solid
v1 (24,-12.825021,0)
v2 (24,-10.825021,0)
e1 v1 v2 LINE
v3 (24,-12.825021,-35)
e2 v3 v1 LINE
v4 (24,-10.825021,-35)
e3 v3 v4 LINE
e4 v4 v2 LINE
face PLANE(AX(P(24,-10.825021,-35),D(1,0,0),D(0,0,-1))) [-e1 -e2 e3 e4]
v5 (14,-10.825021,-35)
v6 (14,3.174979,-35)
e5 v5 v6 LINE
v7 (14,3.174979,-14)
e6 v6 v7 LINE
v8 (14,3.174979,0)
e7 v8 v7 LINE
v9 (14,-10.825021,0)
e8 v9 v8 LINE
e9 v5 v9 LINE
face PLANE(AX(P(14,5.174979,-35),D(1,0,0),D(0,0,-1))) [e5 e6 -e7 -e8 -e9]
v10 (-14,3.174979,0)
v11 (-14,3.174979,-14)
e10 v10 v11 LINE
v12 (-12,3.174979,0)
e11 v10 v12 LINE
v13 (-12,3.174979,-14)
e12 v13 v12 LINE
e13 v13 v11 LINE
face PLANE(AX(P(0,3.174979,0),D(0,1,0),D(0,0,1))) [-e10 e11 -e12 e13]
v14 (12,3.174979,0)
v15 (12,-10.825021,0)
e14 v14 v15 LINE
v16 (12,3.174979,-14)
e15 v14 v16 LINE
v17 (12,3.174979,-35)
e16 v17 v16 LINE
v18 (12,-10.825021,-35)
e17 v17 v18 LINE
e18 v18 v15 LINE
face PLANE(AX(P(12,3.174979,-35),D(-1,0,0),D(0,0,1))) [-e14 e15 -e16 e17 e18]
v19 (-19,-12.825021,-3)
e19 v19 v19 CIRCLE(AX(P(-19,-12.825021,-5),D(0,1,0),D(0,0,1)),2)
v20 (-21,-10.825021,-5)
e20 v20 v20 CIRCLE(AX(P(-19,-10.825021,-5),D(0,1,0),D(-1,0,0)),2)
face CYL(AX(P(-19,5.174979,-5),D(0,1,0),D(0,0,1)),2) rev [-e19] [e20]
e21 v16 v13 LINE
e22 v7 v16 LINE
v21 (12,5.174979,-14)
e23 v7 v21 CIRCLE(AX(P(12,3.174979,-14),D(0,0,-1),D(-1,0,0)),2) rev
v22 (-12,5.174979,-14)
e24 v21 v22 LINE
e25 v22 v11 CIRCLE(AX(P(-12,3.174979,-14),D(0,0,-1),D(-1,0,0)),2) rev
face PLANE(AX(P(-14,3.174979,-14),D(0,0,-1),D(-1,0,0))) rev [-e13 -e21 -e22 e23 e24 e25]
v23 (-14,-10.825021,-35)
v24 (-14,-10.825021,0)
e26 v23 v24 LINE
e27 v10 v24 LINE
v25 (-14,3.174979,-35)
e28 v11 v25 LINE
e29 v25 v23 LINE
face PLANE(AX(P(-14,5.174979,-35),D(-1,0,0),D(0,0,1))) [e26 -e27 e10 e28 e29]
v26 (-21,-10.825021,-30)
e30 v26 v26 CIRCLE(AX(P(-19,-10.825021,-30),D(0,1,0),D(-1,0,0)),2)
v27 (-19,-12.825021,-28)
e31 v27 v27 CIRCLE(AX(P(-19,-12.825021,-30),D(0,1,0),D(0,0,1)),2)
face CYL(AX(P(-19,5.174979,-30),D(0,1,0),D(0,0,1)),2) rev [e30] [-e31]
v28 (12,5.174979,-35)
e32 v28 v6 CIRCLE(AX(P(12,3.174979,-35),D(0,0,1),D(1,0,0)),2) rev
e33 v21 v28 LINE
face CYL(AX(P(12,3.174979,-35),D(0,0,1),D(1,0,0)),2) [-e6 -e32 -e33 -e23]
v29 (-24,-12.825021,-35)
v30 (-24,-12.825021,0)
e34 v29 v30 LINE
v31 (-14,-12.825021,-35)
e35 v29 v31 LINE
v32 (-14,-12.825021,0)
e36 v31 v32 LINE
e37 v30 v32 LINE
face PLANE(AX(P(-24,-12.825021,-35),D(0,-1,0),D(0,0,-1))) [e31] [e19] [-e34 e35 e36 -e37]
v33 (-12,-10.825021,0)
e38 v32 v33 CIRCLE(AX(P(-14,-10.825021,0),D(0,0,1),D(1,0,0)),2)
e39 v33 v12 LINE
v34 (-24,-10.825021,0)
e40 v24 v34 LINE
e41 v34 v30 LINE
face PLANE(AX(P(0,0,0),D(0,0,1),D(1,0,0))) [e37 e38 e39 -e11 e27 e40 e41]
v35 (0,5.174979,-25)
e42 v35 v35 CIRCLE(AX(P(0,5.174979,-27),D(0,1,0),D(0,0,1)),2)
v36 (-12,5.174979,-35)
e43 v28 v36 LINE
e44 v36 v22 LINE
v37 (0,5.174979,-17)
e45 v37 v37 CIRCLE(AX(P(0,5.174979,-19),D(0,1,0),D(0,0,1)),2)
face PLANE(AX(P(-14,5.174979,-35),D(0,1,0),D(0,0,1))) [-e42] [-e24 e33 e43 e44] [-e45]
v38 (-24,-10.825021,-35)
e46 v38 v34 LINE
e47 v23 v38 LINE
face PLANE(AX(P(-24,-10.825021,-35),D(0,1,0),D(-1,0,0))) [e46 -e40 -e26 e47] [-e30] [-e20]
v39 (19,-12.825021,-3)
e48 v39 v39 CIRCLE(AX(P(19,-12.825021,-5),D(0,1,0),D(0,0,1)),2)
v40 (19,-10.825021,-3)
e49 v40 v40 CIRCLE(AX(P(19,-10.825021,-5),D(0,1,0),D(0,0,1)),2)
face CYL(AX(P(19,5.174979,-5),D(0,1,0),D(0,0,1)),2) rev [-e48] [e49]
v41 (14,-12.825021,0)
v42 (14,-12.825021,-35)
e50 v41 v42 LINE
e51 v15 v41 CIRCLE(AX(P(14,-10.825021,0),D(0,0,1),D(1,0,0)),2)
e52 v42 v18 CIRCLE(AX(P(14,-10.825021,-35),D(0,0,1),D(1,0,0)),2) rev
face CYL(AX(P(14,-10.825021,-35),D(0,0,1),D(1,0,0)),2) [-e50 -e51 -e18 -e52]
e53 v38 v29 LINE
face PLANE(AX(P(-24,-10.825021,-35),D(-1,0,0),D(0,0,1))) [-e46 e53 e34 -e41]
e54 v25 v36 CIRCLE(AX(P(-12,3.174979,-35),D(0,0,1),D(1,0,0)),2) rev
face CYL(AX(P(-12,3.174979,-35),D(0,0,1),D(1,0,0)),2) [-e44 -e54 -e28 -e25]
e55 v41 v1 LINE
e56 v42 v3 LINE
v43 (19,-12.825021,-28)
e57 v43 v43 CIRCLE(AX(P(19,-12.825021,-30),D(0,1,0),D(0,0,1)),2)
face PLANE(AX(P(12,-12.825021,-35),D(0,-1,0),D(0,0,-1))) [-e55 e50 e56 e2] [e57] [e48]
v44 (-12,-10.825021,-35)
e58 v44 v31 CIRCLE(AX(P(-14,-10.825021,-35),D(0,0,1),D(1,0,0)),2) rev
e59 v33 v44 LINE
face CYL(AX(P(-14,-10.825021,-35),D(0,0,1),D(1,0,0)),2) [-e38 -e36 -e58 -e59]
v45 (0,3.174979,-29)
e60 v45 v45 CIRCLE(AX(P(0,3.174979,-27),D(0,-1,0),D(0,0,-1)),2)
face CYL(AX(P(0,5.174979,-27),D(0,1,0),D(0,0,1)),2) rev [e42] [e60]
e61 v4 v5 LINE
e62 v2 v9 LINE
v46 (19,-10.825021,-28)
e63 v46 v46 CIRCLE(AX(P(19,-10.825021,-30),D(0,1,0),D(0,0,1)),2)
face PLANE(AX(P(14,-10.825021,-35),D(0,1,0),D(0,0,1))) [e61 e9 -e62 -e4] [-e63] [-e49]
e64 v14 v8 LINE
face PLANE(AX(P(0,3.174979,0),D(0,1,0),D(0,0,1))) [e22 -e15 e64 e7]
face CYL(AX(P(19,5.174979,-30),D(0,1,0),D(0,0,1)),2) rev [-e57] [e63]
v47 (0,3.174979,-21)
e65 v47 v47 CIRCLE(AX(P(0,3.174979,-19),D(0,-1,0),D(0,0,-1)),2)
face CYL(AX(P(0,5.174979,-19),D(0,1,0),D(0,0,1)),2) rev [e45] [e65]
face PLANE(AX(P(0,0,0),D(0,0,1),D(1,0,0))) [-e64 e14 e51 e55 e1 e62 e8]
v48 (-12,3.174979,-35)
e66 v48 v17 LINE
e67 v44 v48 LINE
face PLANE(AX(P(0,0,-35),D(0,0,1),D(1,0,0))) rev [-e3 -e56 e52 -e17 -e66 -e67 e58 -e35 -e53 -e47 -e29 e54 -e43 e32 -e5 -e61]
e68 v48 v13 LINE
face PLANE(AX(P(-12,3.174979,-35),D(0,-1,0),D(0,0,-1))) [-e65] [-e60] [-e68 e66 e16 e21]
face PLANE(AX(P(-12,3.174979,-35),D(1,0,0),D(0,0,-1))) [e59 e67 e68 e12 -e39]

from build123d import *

# Parameters (mm, degrees)
BOSS_EXTRUDE1_DEPTH      = 35
FILLET1_R                = 2
FILLET2_R                = 2
SKETCH4_W                = 28
SKETCH4_H                = 14
CUT_EXTRUDE2_DEPTH       = 2
FILLET3_R                = 2
FILLET4_R                = 2
F_4_0_4_DIAMETER_HOLE1_D = 4


with BuildPart() as part:
    # Sketch1 → Boss-Extrude1 (new body)
    with BuildSketch(Plane.XY):
        Polygon((-12, 3.174979041), (-12, -12.825020959), (-24, -12.825020959), (-24, -10.825020959), (-14, -10.825020959), (-14, 5.174979041), (14, 5.174979041), (14, -10.825020959), (24, -10.825020959), (24, -12.825020959), (12, -12.825020959), (12, 3.174979041), align=None)
    extrude(amount=-BOSS_EXTRUDE1_DEPTH)

    # Fillet1
    fillet1_edges = [part.edges().sort_by_distance(p)[0] for p in [
        (-14, 5.174979041, -17.5),
    ]]
    fillet(fillet1_edges, radius=FILLET1_R)

    # Fillet2
    fillet2_edges = [part.edges().sort_by_distance(p)[0] for p in [
        (14, 5.174979041, -17.5),
    ]]
    fillet(fillet2_edges, radius=FILLET2_R)

    # Sketch4 → Cut-Extrude2 (cut)
    with BuildSketch(Plane(origin=(0, 5.174979041, 0), x_dir=(1, 0, 0), z_dir=(0, 1, 0))):
        with Locations((0, 7)):
            Rectangle(SKETCH4_W, SKETCH4_H)
    extrude(amount=-CUT_EXTRUDE2_DEPTH, mode=Mode.SUBTRACT)

    # Fillet3
    fillet3_edges = [part.edges().sort_by_distance(p)[0] for p in [
        (12, -12.825020959, -17.5),
    ]]
    fillet(fillet3_edges, radius=FILLET3_R)

    # Fillet4
    fillet4_edges = [part.edges().sort_by_distance(p)[0] for p in [
        (-12, -12.825020959, -17.5),
    ]]
    fillet(fillet4_edges, radius=FILLET4_R)

    # Ø4.0 (4) Diameter Hole1 (through all)
    with Locations(Plane(origin=(0, 5.174979041, 0), x_dir=(1, 0, 0), z_dir=(0, 1, 0))):
        with Locations((-19, 30), (-19, 5), (0, 27), (0, 19), (19, 30), (19, 5)):
            Hole(F_4_0_4_DIAMETER_HOLE1_D / 2)


solid = part.part
